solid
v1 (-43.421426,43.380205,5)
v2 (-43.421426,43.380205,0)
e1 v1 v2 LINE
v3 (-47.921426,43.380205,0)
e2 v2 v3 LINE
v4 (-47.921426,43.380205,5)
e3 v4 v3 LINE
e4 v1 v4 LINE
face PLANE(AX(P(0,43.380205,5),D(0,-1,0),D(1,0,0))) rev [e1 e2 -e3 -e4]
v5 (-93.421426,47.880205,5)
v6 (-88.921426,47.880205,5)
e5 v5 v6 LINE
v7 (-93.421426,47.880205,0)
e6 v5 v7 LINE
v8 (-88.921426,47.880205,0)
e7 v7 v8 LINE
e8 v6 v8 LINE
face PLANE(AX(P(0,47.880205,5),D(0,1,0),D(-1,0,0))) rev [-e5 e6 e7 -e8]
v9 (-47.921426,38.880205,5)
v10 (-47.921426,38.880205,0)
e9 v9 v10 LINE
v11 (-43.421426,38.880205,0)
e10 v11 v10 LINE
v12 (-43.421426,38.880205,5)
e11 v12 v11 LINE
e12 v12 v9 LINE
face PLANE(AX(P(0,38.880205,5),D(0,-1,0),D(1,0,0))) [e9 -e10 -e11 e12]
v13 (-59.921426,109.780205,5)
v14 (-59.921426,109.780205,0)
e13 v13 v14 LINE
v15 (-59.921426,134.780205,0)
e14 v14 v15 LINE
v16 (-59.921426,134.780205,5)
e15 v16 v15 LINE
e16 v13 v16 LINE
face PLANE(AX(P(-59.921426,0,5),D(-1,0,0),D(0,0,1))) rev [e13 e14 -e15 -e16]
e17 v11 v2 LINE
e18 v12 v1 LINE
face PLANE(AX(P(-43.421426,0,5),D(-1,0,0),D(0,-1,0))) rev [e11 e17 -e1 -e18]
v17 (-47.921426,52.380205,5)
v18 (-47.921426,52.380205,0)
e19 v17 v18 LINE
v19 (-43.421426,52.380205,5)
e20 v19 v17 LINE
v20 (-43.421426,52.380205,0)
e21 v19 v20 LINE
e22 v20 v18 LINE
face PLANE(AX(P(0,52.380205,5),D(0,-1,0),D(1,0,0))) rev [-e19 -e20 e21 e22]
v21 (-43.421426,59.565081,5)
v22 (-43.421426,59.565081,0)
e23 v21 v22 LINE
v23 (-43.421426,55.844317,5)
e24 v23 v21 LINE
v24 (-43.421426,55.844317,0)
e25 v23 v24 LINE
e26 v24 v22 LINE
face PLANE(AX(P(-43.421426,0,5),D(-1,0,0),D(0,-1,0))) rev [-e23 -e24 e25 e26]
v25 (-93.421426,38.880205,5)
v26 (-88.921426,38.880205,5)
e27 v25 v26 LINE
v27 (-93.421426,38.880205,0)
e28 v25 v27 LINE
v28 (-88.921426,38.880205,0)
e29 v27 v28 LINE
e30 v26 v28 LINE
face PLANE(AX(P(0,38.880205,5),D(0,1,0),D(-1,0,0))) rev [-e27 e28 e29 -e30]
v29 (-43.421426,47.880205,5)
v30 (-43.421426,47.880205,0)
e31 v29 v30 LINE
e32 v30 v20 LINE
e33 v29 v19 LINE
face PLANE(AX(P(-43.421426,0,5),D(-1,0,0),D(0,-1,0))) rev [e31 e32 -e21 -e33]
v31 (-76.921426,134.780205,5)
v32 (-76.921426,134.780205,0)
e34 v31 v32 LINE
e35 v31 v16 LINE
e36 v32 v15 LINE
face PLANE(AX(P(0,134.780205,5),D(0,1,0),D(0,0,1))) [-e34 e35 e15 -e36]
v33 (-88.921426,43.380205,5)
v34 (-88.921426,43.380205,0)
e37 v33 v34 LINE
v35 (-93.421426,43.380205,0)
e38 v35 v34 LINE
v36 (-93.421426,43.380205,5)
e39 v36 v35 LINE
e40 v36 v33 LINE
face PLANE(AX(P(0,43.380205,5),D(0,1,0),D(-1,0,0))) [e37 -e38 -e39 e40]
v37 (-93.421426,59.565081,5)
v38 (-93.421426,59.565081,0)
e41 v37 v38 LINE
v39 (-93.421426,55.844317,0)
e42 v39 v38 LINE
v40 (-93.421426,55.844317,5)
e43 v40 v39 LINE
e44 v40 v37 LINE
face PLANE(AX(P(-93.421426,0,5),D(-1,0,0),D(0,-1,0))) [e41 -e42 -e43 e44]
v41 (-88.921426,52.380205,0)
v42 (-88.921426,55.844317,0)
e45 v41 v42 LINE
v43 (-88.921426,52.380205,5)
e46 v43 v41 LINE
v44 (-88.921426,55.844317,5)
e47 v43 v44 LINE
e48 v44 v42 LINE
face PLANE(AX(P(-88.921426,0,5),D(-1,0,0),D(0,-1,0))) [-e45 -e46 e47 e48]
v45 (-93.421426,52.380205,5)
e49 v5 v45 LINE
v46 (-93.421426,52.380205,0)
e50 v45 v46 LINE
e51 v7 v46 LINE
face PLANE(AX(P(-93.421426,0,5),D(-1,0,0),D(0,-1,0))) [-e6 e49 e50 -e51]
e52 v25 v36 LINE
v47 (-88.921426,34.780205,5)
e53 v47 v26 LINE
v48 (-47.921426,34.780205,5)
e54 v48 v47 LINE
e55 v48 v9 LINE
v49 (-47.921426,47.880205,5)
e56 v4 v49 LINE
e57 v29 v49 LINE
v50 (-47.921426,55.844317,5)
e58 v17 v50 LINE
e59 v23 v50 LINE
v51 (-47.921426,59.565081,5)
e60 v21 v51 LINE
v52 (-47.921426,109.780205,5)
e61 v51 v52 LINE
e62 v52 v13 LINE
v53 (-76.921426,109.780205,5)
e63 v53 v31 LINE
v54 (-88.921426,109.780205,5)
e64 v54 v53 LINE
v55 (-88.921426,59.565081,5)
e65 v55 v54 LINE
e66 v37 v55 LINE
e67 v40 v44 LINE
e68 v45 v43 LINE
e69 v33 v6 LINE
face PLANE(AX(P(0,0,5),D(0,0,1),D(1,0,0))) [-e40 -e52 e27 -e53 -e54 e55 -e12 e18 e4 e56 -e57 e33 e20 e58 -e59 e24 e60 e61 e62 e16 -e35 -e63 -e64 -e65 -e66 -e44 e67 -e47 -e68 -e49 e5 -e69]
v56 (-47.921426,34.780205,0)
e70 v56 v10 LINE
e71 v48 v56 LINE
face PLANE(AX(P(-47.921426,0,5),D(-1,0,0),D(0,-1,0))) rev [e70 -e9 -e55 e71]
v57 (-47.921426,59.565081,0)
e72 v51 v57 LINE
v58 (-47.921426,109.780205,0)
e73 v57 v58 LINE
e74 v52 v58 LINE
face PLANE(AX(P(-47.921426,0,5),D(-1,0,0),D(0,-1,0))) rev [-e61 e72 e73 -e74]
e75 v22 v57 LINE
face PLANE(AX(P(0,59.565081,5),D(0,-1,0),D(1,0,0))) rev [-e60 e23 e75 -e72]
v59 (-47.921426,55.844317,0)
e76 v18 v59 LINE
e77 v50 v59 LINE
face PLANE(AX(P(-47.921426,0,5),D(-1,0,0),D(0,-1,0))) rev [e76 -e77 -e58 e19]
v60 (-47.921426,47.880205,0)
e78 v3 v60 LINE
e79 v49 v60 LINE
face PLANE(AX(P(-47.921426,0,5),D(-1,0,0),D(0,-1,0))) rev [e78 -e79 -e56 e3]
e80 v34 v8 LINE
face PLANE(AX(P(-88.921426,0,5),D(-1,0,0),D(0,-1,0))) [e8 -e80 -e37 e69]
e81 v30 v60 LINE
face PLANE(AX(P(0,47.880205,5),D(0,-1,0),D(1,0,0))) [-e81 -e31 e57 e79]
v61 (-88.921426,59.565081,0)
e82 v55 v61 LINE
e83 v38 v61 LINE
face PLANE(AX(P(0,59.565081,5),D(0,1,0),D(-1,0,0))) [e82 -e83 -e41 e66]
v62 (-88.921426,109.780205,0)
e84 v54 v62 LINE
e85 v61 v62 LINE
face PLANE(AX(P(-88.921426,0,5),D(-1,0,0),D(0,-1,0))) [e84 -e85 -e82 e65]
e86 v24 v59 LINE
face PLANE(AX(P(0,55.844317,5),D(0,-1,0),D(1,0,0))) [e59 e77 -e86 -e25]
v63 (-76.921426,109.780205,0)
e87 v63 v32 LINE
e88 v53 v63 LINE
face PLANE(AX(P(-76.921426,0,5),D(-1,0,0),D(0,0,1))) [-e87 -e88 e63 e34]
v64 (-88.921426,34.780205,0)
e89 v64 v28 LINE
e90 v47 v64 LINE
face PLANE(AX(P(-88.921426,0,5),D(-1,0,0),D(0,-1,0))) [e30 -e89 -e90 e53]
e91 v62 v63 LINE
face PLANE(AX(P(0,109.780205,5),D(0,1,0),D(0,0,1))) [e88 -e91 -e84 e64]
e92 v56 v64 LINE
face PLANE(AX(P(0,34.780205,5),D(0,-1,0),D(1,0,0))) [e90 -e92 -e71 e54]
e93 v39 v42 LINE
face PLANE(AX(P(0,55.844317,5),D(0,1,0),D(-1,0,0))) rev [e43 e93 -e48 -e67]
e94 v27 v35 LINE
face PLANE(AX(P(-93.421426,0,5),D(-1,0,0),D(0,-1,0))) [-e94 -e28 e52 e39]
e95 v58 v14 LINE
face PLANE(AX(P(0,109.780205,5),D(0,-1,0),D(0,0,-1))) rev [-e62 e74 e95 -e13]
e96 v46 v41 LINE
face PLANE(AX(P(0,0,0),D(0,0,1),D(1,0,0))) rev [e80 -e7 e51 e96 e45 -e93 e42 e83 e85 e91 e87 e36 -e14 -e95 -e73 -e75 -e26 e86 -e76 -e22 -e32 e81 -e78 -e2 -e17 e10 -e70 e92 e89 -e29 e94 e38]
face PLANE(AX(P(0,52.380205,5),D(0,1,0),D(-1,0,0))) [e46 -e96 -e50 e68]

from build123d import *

# Parameters (mm, degrees)
BOSS_EXTRU_1_DEPTH = 5


with BuildPart() as part:
    # Esquisse1 → Boss.-Extru.1 (new body)
    with BuildSketch(Plane.XY):
        Polygon((-47.921426264, 34.78020521), (-47.921426264, 38.88020521), (-43.421426264, 38.88020521), (-43.421426264, 43.38020521), (-47.921426264, 43.38020521), (-47.921426264, 47.88020521), (-43.421426264, 47.88020521), (-43.421426264, 52.38020521), (-47.921426264, 52.38020521), (-47.921426264, 55.84431721), (-43.421426264, 55.84431721), (-43.421426264, 59.56508121), (-47.921426264, 59.56508121), (-47.921426264, 109.78020521), (-59.921426264, 109.78020521), (-59.921426264, 134.78020521), (-76.921426264, 134.78020521), (-76.921426264, 109.78020521), (-88.921426264, 109.78020521), (-88.921426264, 59.56508121), (-93.421426264, 59.56508121), (-93.421426264, 55.84431721), (-88.921426264, 55.84431721), (-88.921426264, 52.38020521), (-93.421426264, 52.38020521), (-93.421426264, 47.88020521), (-88.921426264, 47.88020521), (-88.921426264, 43.38020521), (-93.421426264, 43.38020521), (-93.421426264, 38.88020521), (-88.921426264, 38.88020521), (-88.921426264, 34.78020521), align=None)
    extrude(amount=BOSS_EXTRU_1_DEPTH)


solid = part.part
